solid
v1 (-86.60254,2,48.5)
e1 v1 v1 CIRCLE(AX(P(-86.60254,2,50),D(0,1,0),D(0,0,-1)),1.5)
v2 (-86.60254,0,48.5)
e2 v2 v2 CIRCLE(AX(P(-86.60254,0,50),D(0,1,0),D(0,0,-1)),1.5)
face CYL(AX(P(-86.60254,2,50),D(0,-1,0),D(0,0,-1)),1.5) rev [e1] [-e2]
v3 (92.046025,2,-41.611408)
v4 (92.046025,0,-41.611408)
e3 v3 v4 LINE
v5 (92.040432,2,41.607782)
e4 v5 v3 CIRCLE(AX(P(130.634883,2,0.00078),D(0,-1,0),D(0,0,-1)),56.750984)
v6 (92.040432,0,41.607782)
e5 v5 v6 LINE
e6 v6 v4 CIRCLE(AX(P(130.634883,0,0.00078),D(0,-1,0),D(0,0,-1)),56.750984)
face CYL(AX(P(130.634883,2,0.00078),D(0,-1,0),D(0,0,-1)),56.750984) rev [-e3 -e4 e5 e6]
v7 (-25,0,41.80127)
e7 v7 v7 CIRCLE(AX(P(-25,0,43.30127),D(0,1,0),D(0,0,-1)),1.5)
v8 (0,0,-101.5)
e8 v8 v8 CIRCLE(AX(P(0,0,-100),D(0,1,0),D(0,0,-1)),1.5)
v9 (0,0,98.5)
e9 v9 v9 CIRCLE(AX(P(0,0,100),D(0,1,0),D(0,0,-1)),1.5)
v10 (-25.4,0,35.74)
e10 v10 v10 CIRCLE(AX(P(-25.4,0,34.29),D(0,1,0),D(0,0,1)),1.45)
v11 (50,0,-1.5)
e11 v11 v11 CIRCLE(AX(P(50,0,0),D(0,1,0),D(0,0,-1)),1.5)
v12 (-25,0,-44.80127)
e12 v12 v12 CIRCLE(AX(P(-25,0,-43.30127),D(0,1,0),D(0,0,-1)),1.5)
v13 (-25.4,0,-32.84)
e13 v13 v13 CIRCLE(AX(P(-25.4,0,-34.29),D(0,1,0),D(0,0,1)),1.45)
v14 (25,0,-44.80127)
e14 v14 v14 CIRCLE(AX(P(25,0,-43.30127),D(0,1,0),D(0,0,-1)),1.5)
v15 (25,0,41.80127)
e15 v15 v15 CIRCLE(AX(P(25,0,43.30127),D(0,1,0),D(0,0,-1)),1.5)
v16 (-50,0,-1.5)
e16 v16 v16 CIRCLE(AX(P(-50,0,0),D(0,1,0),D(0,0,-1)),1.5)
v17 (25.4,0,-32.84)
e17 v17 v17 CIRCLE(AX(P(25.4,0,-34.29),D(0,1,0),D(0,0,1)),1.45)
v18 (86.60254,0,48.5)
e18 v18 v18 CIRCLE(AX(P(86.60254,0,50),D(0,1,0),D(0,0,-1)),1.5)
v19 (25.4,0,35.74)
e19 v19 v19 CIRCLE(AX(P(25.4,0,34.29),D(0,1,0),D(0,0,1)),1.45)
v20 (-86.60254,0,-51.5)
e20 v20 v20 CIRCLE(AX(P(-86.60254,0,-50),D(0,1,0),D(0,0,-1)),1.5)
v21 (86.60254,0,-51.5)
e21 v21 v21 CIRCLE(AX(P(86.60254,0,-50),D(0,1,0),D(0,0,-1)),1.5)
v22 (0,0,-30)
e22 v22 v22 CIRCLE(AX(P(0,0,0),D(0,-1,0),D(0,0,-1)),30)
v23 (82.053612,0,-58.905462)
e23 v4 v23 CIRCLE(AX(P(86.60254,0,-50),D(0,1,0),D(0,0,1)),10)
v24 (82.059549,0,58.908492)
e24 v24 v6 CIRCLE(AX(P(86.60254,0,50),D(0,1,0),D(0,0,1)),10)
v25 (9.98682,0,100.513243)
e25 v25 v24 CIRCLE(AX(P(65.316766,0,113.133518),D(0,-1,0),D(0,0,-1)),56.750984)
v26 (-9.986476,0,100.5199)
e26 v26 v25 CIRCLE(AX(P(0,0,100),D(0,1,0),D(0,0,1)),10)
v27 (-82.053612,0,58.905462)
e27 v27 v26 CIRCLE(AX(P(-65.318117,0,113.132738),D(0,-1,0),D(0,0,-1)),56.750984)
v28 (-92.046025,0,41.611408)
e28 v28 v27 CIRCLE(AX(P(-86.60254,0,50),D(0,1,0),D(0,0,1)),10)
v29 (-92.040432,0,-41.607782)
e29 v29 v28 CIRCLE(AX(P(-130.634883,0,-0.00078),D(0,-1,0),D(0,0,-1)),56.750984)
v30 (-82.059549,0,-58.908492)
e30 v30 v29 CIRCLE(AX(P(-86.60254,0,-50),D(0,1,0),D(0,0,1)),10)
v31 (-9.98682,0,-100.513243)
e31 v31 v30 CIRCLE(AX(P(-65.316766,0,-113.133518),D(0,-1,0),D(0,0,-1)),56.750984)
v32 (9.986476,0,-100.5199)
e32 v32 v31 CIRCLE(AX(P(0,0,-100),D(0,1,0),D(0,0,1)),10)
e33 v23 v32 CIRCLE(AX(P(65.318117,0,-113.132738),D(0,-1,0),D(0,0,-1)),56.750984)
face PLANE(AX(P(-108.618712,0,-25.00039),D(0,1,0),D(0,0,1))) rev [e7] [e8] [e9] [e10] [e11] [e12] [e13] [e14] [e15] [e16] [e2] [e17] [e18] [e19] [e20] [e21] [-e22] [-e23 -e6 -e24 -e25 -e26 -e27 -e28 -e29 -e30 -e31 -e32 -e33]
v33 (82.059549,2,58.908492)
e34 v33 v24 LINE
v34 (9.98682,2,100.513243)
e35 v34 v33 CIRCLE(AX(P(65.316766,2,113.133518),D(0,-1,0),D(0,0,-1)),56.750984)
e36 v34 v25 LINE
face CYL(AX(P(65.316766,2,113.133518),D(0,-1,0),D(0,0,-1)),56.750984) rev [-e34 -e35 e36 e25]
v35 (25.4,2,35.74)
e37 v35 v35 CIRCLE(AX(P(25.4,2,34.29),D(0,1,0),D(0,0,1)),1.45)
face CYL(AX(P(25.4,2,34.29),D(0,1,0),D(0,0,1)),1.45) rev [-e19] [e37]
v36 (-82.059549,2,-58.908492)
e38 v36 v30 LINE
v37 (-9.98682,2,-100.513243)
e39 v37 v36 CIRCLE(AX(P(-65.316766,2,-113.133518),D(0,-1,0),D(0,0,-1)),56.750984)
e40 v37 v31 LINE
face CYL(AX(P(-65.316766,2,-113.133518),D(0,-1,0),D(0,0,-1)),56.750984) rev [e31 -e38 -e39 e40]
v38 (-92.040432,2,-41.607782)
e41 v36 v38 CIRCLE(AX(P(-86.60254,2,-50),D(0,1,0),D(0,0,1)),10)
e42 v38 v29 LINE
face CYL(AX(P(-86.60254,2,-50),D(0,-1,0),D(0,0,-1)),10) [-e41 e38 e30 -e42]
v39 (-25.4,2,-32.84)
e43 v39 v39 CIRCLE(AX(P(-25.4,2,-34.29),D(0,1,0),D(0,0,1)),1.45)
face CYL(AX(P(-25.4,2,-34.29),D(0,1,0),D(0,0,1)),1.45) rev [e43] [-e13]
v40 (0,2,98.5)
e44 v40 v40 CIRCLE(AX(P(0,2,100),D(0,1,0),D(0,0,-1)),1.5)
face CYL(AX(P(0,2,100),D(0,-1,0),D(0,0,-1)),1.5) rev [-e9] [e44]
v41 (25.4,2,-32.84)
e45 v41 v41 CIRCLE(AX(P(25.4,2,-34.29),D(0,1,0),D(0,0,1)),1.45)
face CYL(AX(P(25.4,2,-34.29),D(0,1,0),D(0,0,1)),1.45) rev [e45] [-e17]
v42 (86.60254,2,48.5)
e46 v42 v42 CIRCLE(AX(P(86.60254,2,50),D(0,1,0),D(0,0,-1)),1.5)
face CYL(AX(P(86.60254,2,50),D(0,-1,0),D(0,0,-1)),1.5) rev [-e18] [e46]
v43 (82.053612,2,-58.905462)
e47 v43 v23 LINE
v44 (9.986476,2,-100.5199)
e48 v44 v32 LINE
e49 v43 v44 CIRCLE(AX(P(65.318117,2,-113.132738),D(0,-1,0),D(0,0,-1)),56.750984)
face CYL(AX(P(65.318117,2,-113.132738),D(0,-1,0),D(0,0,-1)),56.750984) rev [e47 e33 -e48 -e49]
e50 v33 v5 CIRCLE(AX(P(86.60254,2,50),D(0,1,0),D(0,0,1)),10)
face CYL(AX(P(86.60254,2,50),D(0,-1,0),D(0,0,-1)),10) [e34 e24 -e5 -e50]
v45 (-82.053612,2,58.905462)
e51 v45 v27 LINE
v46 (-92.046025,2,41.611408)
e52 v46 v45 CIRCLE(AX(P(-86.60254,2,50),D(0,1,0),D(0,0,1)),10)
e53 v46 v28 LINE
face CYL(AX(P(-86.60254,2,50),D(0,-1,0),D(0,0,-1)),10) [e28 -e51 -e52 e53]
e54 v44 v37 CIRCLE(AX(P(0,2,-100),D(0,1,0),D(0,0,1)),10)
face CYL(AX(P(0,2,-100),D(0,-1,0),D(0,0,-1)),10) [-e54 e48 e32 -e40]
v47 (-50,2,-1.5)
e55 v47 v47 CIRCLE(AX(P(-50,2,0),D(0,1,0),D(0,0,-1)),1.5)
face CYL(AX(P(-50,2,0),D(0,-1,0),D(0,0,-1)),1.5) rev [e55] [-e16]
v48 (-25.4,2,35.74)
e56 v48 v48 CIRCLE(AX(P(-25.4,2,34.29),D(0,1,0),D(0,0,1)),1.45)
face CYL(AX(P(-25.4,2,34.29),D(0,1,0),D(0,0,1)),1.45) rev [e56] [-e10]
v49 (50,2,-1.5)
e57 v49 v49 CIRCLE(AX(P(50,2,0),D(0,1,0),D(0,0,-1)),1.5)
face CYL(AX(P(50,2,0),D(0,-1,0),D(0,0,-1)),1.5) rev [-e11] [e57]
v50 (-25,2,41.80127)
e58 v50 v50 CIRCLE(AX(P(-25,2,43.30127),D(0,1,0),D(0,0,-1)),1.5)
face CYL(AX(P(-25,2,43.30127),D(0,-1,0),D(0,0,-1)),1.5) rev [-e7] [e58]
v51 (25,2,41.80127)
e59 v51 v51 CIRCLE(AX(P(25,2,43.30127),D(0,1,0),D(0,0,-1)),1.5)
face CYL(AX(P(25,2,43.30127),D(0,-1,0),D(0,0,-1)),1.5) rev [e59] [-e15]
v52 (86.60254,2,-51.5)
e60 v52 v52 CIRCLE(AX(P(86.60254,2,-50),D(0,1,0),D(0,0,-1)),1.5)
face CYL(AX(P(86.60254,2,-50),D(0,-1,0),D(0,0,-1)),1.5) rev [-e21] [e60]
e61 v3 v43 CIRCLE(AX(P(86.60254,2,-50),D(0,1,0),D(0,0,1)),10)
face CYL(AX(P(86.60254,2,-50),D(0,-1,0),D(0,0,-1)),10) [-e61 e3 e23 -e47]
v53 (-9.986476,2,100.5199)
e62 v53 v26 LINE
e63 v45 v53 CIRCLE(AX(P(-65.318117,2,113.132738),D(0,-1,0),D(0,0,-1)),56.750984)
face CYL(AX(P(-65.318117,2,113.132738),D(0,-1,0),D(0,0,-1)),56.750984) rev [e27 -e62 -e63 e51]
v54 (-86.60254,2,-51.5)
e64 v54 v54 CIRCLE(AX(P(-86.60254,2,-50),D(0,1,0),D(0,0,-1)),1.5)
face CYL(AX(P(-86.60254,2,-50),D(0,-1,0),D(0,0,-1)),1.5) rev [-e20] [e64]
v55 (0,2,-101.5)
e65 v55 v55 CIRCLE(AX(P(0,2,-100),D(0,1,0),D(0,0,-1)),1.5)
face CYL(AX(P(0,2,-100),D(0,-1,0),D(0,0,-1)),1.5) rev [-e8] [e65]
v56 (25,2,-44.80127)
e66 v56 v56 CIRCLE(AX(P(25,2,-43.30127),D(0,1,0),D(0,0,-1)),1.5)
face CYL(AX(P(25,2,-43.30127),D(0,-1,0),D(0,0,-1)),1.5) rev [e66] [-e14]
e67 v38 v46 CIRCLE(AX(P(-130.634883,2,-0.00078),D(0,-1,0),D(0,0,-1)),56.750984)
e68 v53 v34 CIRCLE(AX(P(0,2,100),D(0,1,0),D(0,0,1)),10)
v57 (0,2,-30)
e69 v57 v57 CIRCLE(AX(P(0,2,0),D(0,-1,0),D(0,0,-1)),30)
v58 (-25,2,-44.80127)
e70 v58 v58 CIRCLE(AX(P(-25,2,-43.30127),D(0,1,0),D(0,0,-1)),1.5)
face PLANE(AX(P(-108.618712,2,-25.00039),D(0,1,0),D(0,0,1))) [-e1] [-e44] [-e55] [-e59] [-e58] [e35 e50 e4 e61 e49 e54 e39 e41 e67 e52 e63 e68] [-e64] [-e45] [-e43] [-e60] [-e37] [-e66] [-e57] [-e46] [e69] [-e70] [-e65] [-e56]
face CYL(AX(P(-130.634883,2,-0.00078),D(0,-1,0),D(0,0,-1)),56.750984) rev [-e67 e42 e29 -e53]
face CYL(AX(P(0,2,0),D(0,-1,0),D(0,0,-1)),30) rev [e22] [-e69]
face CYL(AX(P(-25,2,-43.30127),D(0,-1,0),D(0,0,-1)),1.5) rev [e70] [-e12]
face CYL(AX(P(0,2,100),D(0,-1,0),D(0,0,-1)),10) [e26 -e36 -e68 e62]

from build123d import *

# Parameters (mm, degrees)
SKETCH1_R           = 1.5
BOSS_EXTRUDE1_DEPTH = 2
SKETCH3_R           = 30
CUT_EXTRUDE1_DEPTH  = 147.410555656
M3_5_TAPPED_HOLE1_D = 2.9


with BuildPart() as part:
    # Sketch1 → Boss-Extrude1 (new body)
    with BuildSketch(Plane(origin=(0, 0, 0), x_dir=(1, 0, 0), z_dir=(0, 1, 0))):
        with BuildLine():
            ThreePointArc((-92.04043234, 41.60778152), (-73.883899315, -0.003033538), (-92.04602482, -41.611407917))
            ThreePointArc((-92.04602482, -41.611407917), (-95.261127604, -55.002885894), (-82.053611962, -58.905461822))
            ThreePointArc((-82.053611962, -58.905461822), (-36.939322536, -63.986850506), (-9.986476067, -100.51989977))
            ThreePointArc((-9.986476067, -100.51989977), (0.003332664, -109.999999445), (9.986820378, -100.513243342))
            ThreePointArc((9.986820378, -100.513243342), (36.944576778, -63.983816968), (82.059548754, -58.908491853))
            ThreePointArc((82.059548754, -58.908491853), (95.264460267, -54.997113551), (92.04043234, -41.60778152))
            ThreePointArc((92.04043234, -41.60778152), (73.883899315, 0.003033538), (92.04602482, 41.611407917))
            ThreePointArc((92.04602482, 41.611407917), (95.261127604, 55.002885894), (82.053611962, 58.905461822))
            ThreePointArc((82.053611962, 58.905461822), (36.939322536, 63.986850506), (9.986476067, 100.51989977))
            ThreePointArc((9.986476067, 100.51989977), (-0.003332664, 109.999999445), (-9.986820378, 100.513243342))
            ThreePointArc((-9.986820378, 100.513243342), (-36.944576778, 63.983816968), (-82.059548754, 58.908491853))
            ThreePointArc((-82.059548754, 58.908491853), (-95.264460267, 54.997113551), (-92.04043234, 41.60778152))
        make_face()
        with Locations(Location((86.602540378, 50, 0), (0, 0, 90))):
            Circle(SKETCH1_R, mode=Mode.SUBTRACT)
        with Locations(Location((86.602540378, -50, 0), (0, 0, 90))):
            Circle(SKETCH1_R, mode=Mode.SUBTRACT)
        with Locations(Location((0, -100, 0), (0, 0, 90))):
            Circle(SKETCH1_R, mode=Mode.SUBTRACT)
        with Locations(Location((-86.602540378, -50, 0), (0, 0, 90))):
            Circle(SKETCH1_R, mode=Mode.SUBTRACT)
        with Locations(Location((-86.602540378, 50, 0), (0, 0, 90))):
            Circle(SKETCH1_R, mode=Mode.SUBTRACT)
        with Locations(Location((0, 100, 0), (0, 0, 90))):
            Circle(SKETCH1_R, mode=Mode.SUBTRACT)
        with Locations(Location((-25, 43.301270189, 0), (0, 0, 90))):
            Circle(SKETCH1_R, mode=Mode.SUBTRACT)
        with Locations(Location((25, 43.301270189, 0), (0, 0, 90))):
            Circle(SKETCH1_R, mode=Mode.SUBTRACT)
        with Locations(Location((50, 0, 0), (0, 0, 90))):
            Circle(SKETCH1_R, mode=Mode.SUBTRACT)
        with Locations(Location((25, -43.301270189, 0), (0, 0, 90))):
            Circle(SKETCH1_R, mode=Mode.SUBTRACT)
        with Locations(Location((-50, 0, 0), (0, 0, 90))):
            Circle(SKETCH1_R, mode=Mode.SUBTRACT)
        with Locations(Location((-25, -43.301270189, 0), (0, 0, 90))):
            Circle(SKETCH1_R, mode=Mode.SUBTRACT)
    extrude(amount=BOSS_EXTRUDE1_DEPTH)

    # Sketch3 → Cut-Extrude1 (cut, through all)
    with BuildSketch(Plane(origin=(0, 0, 0), x_dir=(-1, 0, 0), z_dir=(0, -1, 0))):
        with Locations(Location((0, 0, 0), (0, 0, 90))):
            Circle(SKETCH3_R)
    extrude(amount=-CUT_EXTRUDE1_DEPTH, mode=Mode.SUBTRACT)

    # M3.5 Tapped Hole1 (through all)
    with Locations(Plane(origin=(-25.4, 2, -34.29), x_dir=(0, 0, 1), z_dir=(0, 1, 0))):
        with Locations((0, 0), (0, 50.8), (68.58, 50.8), (68.58, 0)):
            Hole(M3_5_TAPPED_HOLE1_D / 2)


solid = part.part
